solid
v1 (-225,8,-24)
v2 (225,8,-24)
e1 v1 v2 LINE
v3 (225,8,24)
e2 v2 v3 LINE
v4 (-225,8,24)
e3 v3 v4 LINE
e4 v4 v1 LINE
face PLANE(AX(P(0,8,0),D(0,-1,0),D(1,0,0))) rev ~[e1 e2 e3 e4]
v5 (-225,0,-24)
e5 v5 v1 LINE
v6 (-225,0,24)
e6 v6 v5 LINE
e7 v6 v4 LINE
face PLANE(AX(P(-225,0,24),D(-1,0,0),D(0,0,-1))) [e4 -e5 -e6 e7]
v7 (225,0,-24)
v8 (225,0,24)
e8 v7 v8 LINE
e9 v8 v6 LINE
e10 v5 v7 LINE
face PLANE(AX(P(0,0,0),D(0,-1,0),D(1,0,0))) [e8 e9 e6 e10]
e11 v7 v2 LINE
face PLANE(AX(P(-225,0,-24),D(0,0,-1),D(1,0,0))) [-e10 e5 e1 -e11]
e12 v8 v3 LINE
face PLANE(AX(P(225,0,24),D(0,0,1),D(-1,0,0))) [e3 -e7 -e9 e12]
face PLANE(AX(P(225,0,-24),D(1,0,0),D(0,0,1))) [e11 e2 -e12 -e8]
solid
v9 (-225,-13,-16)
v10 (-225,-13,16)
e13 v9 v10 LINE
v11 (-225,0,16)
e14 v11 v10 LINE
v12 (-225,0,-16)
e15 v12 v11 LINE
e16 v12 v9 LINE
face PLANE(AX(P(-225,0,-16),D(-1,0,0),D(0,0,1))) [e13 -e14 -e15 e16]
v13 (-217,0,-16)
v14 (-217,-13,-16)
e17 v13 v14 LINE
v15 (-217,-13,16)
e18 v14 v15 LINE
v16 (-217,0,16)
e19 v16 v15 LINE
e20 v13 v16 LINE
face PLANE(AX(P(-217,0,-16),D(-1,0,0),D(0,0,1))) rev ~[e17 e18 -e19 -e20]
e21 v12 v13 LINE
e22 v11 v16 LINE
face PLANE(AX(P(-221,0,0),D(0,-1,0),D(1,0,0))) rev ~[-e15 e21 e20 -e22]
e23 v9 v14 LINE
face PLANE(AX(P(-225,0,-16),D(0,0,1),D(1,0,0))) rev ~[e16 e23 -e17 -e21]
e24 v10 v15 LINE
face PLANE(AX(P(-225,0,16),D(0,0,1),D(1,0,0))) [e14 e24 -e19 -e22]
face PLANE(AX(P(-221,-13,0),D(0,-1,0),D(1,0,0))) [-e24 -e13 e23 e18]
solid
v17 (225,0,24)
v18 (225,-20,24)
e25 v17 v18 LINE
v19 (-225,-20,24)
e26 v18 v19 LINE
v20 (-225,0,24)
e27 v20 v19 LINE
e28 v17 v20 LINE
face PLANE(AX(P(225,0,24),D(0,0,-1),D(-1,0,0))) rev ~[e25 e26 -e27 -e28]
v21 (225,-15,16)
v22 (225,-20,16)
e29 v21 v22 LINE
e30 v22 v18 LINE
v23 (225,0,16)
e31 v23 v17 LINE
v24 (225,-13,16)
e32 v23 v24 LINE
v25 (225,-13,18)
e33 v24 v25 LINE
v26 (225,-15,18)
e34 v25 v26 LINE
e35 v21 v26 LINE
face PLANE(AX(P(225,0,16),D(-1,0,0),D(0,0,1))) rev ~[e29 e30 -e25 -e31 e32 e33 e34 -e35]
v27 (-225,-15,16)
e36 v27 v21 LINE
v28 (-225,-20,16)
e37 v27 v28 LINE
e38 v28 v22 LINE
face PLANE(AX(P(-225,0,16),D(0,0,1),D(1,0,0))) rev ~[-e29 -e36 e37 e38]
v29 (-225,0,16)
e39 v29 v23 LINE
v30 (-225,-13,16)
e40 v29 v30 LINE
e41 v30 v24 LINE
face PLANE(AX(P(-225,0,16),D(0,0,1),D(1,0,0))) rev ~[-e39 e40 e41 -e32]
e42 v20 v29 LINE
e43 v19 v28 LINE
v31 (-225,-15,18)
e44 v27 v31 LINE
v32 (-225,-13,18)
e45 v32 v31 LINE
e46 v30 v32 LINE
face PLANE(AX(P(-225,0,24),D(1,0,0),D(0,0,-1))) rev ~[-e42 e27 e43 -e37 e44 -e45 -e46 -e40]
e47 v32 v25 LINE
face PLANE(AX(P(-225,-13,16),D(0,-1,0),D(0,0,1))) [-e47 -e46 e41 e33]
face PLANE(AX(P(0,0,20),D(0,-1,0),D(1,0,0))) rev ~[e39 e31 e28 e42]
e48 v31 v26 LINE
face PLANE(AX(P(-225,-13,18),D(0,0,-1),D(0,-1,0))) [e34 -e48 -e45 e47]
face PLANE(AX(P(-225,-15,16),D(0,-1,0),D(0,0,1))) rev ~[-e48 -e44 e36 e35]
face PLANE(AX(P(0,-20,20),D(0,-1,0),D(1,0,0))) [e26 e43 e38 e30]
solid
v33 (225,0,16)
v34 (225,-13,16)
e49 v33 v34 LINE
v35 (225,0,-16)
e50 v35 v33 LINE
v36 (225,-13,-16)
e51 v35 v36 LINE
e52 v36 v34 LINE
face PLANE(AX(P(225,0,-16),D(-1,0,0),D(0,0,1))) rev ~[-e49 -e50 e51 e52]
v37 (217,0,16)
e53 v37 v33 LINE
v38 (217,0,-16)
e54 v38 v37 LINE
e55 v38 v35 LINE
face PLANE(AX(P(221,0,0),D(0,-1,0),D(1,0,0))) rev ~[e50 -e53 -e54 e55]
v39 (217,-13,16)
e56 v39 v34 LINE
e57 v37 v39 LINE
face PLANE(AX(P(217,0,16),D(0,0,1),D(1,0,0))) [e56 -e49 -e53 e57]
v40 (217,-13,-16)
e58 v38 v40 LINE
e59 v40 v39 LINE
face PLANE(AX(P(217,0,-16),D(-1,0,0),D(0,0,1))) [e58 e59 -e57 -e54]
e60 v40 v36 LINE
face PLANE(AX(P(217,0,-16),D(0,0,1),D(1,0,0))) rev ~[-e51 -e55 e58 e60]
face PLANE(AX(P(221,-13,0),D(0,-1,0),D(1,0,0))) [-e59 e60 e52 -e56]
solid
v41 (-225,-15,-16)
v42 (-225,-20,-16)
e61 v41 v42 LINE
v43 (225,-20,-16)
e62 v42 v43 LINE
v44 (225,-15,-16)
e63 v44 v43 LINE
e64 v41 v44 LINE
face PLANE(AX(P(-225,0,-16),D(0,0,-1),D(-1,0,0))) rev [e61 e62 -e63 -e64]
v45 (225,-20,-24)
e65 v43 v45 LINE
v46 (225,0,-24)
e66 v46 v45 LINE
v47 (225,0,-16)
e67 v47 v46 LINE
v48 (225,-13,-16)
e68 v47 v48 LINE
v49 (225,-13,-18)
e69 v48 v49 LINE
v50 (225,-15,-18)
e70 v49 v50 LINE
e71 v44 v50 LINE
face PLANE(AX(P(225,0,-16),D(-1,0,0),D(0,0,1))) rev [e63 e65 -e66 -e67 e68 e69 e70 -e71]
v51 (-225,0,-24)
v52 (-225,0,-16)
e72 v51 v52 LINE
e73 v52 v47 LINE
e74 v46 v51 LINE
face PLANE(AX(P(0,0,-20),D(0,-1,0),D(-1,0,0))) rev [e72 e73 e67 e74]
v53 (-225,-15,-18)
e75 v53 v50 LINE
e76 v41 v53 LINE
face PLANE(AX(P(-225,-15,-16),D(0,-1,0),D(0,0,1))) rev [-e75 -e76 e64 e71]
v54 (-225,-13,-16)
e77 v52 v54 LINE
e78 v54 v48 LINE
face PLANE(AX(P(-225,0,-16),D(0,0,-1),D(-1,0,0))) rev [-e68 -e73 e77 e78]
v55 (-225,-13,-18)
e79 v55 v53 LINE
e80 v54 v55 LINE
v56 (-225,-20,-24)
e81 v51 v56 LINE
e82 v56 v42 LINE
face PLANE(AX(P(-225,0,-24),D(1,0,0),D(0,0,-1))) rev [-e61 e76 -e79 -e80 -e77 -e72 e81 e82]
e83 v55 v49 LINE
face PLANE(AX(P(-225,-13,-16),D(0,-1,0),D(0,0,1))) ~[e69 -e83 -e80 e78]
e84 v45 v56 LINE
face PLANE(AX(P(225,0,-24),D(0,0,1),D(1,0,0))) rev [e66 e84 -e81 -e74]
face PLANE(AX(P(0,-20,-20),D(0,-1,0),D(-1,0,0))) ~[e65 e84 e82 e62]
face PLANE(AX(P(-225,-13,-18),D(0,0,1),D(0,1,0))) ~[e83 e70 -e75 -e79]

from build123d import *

# Parameters (mm, degrees)
F3_DEPTH = 20
F2_W     = 8
F2_H     = 32
F4_DEPTH = 13
F2_W_2   = 434
F5_DEPTH = 8
F6_W     = 2
F6_H     = 2
F7_DEPTH = 2384


with BuildPart() as f3:
    # F2 (on Front) → F3 (new body)
    with BuildSketch(Plane.XZ):
        Polygon((-217, 16), (217, 16), (225, 16), (225, 24), (217, 24), (-217, 24), (-225, 24), (-225, 16), align=None)
    extrude(amount=F3_DEPTH)

    # F6 (on face) → F7 (cut)
    with BuildSketch(Plane(origin=(-225, 0, 0), x_dir=(0, -1, 0), z_dir=(-1, 0, 0))):
        with Locations((14, 17)):
            Rectangle(F6_W, F6_H)
    extrude(amount=-F7_DEPTH, mode=Mode.SUBTRACT)


with BuildPart() as f4:
    # F2 (on Front) → F4 (new body)
    with BuildSketch(Plane.XZ):
        with Locations((-221, 0)):
            Rectangle(F2_W, F2_H)
    extrude(amount=F4_DEPTH)


with BuildPart() as f4b:
    # F2 (on Front) → F4, piece 2 (new body)
    with BuildSketch(Plane.XZ):
        with Locations((221, 0)):
            Rectangle(F2_W, F2_H)
    extrude(amount=F4_DEPTH)


with BuildPart() as f5:
    # F2 (on Front) → F5 (new body)
    with BuildSketch(Plane.XZ):
        Rectangle(F2_W_2, F2_H)
        Polygon((225, -16), (217, -16), (-217, -16), (-225, -16), (-225, -24), (-217, -24), (217, -24), (225, -24), align=None)
        with Locations((221, 0)):
            Rectangle(F2_W, F2_H)
        Polygon((-217, 16), (217, 16), (225, 16), (225, 24), (217, 24), (-217, 24), (-225, 24), (-225, 16), align=None)
        with Locations((-221, 0)):
            Rectangle(F2_W, F2_H)
    extrude(amount=-F5_DEPTH)


with BuildPart() as f8_1:
    # F8: instance of F3
    add(f3.part.mirror(Plane.XY))


solid = Compound([f3.part, f4.part, f4b.part, f5.part, f8_1.part])
